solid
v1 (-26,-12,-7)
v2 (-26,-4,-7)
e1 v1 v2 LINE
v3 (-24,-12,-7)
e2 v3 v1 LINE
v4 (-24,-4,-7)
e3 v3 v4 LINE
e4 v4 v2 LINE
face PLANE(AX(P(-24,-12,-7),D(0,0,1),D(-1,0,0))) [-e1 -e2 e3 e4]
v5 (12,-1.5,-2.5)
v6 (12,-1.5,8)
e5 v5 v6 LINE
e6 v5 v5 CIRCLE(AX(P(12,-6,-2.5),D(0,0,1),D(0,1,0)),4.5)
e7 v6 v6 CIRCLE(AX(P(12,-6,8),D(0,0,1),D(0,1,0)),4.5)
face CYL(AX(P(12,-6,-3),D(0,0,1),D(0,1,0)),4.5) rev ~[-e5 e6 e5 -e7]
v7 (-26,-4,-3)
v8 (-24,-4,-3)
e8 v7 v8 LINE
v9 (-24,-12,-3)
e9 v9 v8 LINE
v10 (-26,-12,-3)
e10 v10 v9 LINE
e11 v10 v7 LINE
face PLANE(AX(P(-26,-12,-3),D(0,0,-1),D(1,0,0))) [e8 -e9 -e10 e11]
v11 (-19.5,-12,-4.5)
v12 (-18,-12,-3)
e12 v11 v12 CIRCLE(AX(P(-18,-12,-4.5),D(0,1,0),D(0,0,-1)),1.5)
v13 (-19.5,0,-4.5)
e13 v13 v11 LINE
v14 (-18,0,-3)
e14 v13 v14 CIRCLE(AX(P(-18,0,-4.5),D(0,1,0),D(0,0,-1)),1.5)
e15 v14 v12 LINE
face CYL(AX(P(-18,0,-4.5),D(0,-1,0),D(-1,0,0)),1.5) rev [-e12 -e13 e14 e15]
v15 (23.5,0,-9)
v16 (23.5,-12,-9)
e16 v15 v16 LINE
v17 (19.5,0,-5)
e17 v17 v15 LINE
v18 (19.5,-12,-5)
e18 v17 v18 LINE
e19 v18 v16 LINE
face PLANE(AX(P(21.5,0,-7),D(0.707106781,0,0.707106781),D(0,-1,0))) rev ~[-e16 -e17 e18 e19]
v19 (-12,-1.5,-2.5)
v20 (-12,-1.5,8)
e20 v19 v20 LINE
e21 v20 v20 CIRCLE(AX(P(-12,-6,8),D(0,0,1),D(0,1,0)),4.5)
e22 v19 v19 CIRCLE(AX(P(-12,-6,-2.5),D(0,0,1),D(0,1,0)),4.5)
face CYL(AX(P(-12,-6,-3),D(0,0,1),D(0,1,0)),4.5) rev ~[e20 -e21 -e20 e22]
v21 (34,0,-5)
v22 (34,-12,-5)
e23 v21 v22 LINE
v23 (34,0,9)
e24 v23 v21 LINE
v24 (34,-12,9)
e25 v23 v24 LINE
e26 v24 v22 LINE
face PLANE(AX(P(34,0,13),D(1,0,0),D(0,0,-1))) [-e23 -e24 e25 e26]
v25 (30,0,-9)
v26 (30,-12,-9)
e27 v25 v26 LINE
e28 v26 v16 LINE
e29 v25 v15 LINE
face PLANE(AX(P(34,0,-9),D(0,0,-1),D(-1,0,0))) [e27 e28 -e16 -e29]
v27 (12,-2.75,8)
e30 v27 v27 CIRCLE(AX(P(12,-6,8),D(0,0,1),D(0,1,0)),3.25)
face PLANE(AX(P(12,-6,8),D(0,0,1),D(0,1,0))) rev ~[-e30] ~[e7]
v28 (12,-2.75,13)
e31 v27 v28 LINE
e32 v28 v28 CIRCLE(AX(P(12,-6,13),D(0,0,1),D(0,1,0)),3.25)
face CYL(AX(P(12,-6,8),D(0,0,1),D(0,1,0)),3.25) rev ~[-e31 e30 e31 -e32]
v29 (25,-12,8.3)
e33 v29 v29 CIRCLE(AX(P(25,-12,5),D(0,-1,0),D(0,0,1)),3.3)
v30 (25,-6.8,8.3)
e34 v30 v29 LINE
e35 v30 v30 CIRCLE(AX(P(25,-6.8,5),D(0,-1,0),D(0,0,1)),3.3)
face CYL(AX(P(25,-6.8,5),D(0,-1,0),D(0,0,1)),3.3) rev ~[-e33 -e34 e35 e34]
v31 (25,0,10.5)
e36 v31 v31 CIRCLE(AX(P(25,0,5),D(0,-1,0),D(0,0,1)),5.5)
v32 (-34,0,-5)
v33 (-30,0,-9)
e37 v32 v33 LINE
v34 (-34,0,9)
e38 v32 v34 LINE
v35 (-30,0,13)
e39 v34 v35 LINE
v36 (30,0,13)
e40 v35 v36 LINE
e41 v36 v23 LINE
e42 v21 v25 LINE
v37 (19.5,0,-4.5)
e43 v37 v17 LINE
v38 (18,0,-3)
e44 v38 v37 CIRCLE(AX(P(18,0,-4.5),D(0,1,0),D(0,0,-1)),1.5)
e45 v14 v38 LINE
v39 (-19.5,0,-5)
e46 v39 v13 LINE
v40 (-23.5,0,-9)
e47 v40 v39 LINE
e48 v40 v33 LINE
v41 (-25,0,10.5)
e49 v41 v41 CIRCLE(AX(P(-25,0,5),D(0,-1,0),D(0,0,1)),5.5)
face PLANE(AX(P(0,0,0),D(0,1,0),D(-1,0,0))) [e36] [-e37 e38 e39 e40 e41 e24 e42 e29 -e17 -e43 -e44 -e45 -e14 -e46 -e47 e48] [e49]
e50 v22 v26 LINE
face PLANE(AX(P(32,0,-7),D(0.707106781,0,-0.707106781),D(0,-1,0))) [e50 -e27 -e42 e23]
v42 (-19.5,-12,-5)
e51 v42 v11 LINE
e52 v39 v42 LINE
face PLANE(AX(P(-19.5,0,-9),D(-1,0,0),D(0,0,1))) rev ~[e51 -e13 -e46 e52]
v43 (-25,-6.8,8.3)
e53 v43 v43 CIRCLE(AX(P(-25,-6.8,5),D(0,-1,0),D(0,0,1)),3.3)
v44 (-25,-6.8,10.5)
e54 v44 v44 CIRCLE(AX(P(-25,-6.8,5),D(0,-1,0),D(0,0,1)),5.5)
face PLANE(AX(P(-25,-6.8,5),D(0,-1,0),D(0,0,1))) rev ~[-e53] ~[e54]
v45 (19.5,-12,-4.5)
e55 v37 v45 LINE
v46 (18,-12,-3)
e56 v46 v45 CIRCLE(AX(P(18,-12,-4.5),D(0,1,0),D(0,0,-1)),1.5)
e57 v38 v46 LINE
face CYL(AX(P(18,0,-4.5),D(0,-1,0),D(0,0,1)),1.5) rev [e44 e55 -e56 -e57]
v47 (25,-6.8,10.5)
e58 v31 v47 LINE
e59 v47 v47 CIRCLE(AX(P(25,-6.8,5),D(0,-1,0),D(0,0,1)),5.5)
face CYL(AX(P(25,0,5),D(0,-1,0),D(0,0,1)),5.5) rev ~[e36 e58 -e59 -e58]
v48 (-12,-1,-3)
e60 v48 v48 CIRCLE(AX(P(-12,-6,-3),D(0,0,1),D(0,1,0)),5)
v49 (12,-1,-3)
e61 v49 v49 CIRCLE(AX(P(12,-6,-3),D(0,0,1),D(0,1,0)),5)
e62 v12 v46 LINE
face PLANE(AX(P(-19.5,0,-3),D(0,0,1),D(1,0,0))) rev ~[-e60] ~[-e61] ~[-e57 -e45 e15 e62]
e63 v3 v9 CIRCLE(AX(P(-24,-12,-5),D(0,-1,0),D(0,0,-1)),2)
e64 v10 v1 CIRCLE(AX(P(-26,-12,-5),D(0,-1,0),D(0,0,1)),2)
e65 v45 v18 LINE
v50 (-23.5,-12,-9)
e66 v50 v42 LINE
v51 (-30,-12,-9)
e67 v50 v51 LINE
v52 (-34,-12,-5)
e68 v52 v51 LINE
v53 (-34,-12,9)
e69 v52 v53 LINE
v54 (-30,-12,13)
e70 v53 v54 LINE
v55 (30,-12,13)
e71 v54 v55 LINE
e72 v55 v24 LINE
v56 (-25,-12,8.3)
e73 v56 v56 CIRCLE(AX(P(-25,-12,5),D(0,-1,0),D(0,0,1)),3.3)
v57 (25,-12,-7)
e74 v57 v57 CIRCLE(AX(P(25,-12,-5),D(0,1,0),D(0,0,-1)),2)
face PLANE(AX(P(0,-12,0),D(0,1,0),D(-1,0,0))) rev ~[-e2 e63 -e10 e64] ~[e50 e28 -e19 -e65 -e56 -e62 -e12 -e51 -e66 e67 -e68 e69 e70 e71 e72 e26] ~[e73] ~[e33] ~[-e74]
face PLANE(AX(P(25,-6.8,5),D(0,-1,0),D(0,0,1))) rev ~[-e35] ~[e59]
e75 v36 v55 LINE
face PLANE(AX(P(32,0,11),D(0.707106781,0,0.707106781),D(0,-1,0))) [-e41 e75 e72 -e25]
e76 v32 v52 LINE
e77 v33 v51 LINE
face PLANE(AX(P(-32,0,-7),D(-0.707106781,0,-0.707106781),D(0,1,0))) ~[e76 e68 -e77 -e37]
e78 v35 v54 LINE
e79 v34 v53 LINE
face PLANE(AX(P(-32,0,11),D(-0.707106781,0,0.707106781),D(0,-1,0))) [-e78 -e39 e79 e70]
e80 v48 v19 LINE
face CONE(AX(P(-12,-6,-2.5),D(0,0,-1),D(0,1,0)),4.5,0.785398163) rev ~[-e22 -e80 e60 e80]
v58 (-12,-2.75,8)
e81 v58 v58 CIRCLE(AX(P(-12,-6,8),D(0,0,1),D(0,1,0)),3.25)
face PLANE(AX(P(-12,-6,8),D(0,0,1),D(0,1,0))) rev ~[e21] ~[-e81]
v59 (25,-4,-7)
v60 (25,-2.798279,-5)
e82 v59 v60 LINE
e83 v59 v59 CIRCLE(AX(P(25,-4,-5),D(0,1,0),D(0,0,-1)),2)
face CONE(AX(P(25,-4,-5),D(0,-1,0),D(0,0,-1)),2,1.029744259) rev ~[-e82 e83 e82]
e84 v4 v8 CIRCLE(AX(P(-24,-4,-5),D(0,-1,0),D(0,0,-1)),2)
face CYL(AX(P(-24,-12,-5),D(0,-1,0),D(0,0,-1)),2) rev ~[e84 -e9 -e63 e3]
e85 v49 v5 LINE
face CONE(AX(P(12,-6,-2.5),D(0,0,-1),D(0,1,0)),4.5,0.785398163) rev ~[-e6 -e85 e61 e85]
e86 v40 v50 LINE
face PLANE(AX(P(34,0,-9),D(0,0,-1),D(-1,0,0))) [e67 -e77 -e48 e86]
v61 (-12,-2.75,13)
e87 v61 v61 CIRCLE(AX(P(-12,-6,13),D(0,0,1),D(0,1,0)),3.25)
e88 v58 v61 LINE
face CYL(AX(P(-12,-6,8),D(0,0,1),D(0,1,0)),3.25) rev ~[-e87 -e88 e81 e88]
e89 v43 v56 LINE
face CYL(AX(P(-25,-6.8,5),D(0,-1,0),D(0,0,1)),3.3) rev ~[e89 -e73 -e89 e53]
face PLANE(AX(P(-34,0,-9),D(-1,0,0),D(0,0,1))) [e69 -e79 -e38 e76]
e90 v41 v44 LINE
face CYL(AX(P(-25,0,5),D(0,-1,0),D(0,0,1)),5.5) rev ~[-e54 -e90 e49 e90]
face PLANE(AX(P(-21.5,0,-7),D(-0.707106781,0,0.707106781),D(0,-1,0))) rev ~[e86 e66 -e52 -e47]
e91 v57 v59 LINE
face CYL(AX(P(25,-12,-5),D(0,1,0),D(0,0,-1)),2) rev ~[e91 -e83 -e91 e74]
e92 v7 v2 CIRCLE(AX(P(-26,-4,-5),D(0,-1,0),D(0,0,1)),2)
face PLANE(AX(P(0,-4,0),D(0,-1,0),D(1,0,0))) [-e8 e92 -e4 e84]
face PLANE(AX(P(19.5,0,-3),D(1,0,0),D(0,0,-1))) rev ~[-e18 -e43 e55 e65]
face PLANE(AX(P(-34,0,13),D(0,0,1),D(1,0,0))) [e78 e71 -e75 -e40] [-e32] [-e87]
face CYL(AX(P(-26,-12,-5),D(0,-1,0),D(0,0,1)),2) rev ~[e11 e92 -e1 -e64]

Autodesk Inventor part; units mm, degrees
ref_plane "YZ Plane" through (0, 0, 0) normal (1, 0, 0) x (0, 1, 0)
ref_plane "XZ Plane" through (0, 0, 0) normal (0, 1, 0) x (-1, 0, 0)
ref_plane "XY Plane" through (0, 0, 0) normal (0, 0, 1) x (1, 0, 0)
sketch "Sketch1" plane through (0, 0, 0) normal (0, 1, 0) x (-1, 0, 0)
  line L0 (40.6019, 0) -> (-40.6019, 0) construction
  line L1 (0, 14.7427) -> (0, -14.7427) construction
  line L2 (25, 5) -> (-25, 5) construction
  line L3 (-25, 5) -> (-25, -5) construction
  line L4 (-25, -5) -> (25, -5) construction
  line L5 (25, -5) -> (25, 5) construction
  line L6 (34, 13) -> (-34, 13)
  line L7 (-34, 13) -> (-34, -9)
  line L8 (-34, -9) -> (34, -9)
  line L9 (34, -9) -> (34, 13)
  line L10 (26, -5) -> (24, -5) construction
  line L11 (26, -3) -> (24, -3)
  line L12 (24, -7) -> (26, -7)
  arc A0 (26, -7) -> (26, -3) centre (26, -5) ccw
  arc A1 (24, -3) -> (24, -7) centre (24, -5) ccw
  point P0 (0, 0)
  point P1 (0, 0)
  point P2 (-25, 5)
  dimension "d2" = 50
  dimension "d3" = 10
  dimension "d4" = 68
  dimension "d5" = 22
  dimension "d16" = 8
  dimension "d17" = 1
  dimension "d18" = 4
extrude "Extrusion1" add sketch "Sketch1" against normal blind 12 contours L9 L8 L7 L6 | A0 L12 A1 L11
sketch "Sketch6" plane through (0, -12, 0) normal (0, -1, 0) x (1, 0, 0)
  line L0 (-26, -3) -> (-24, -3) projected
  arc A0 (-26, -3) -> (-26, -7) centre (-26, -5) ccw projected
  line L1 (-24, -7) -> (-26, -7) projected
  arc A1 (-24, -7) -> (-24, -3) centre (-24, -5) ccw projected
  point P0 (0, 0)
  point P1 (25, -5)
hole "Hole5" at (25, -12, -5) direction (0, 1, 0) diameter 4 depth 8 tip angle 118
extrude "Extrusion4" cut sketch "Sketch6" against normal blind 8
hole "Hole1" at (-25, 0, 5) at (25, 0, 5) direction (0, -1, 0) diameter 6.6 end through all counterbore diameter 11 counterbore depth 6.8 clearance for "Socket Head Cap Screw ISO 4762" size "M6" standard "ISO"
sketch "Sketch3" plane through (0, 0, 0) normal (0, 1, 0) x (1, 0, 0)
  line L0 (19.5, 9) -> (-19.5, 9)
  line L1 (-19.5, 9) -> (-19.5, 3)
  line L2 (-19.5, 3) -> (19.5, 3)
  line L3 (19.5, 3) -> (19.5, 9)
  line L4 (34, 9) -> (-34, 9) projected
  line L5 (0, 0) -> (0, 9) construction
  dimension "d34" = 39
  dimension "d35" = 6
extrude "Extrusion2" cut sketch "Sketch3" against normal through all
chamfer "Chamfer2" distance 4 angle 45 6 edges at (34, -6, -9) (34, -6, 13) (-34, -6, 13) (-34, -6, -9) (19.5, -6, -9) (-19.5, -6, -9)
fillet "Fillet2" radius 1.5 2 edges at (-19.5, -6, -3) (19.5, -6, -3)
sketch "Sketch7" plane through (18, 0, -3) normal (0, 0, -1) x (-1, 0, 0)
  line L0 (18, 0) -> (18, -12)
  line L1 (-12, -12) -> (48, -12) projected
  line L2 (30, -6) -> (6, -6)
  point P0 (18, -6)
  dimension "d67" = 24
hole "Hole6" at (-12, -6, -3) at (12, -6, -3) direction (0, 0, 1) diameter 6.5 end through all counterbore diameter 9 counterbore depth 11
chamfer "Chamfer3" distance 0.5 angle 45 2 edges at (12, -10.5, -3) (-12, -10.5, -3)
equation "\"d67\" = shaftSeparation"
equation "\"shaftSeparation\" = 24"
properties part number "FAB-OX002x-PiezoPusherBaseComponent" material "Aluminum 6061"
